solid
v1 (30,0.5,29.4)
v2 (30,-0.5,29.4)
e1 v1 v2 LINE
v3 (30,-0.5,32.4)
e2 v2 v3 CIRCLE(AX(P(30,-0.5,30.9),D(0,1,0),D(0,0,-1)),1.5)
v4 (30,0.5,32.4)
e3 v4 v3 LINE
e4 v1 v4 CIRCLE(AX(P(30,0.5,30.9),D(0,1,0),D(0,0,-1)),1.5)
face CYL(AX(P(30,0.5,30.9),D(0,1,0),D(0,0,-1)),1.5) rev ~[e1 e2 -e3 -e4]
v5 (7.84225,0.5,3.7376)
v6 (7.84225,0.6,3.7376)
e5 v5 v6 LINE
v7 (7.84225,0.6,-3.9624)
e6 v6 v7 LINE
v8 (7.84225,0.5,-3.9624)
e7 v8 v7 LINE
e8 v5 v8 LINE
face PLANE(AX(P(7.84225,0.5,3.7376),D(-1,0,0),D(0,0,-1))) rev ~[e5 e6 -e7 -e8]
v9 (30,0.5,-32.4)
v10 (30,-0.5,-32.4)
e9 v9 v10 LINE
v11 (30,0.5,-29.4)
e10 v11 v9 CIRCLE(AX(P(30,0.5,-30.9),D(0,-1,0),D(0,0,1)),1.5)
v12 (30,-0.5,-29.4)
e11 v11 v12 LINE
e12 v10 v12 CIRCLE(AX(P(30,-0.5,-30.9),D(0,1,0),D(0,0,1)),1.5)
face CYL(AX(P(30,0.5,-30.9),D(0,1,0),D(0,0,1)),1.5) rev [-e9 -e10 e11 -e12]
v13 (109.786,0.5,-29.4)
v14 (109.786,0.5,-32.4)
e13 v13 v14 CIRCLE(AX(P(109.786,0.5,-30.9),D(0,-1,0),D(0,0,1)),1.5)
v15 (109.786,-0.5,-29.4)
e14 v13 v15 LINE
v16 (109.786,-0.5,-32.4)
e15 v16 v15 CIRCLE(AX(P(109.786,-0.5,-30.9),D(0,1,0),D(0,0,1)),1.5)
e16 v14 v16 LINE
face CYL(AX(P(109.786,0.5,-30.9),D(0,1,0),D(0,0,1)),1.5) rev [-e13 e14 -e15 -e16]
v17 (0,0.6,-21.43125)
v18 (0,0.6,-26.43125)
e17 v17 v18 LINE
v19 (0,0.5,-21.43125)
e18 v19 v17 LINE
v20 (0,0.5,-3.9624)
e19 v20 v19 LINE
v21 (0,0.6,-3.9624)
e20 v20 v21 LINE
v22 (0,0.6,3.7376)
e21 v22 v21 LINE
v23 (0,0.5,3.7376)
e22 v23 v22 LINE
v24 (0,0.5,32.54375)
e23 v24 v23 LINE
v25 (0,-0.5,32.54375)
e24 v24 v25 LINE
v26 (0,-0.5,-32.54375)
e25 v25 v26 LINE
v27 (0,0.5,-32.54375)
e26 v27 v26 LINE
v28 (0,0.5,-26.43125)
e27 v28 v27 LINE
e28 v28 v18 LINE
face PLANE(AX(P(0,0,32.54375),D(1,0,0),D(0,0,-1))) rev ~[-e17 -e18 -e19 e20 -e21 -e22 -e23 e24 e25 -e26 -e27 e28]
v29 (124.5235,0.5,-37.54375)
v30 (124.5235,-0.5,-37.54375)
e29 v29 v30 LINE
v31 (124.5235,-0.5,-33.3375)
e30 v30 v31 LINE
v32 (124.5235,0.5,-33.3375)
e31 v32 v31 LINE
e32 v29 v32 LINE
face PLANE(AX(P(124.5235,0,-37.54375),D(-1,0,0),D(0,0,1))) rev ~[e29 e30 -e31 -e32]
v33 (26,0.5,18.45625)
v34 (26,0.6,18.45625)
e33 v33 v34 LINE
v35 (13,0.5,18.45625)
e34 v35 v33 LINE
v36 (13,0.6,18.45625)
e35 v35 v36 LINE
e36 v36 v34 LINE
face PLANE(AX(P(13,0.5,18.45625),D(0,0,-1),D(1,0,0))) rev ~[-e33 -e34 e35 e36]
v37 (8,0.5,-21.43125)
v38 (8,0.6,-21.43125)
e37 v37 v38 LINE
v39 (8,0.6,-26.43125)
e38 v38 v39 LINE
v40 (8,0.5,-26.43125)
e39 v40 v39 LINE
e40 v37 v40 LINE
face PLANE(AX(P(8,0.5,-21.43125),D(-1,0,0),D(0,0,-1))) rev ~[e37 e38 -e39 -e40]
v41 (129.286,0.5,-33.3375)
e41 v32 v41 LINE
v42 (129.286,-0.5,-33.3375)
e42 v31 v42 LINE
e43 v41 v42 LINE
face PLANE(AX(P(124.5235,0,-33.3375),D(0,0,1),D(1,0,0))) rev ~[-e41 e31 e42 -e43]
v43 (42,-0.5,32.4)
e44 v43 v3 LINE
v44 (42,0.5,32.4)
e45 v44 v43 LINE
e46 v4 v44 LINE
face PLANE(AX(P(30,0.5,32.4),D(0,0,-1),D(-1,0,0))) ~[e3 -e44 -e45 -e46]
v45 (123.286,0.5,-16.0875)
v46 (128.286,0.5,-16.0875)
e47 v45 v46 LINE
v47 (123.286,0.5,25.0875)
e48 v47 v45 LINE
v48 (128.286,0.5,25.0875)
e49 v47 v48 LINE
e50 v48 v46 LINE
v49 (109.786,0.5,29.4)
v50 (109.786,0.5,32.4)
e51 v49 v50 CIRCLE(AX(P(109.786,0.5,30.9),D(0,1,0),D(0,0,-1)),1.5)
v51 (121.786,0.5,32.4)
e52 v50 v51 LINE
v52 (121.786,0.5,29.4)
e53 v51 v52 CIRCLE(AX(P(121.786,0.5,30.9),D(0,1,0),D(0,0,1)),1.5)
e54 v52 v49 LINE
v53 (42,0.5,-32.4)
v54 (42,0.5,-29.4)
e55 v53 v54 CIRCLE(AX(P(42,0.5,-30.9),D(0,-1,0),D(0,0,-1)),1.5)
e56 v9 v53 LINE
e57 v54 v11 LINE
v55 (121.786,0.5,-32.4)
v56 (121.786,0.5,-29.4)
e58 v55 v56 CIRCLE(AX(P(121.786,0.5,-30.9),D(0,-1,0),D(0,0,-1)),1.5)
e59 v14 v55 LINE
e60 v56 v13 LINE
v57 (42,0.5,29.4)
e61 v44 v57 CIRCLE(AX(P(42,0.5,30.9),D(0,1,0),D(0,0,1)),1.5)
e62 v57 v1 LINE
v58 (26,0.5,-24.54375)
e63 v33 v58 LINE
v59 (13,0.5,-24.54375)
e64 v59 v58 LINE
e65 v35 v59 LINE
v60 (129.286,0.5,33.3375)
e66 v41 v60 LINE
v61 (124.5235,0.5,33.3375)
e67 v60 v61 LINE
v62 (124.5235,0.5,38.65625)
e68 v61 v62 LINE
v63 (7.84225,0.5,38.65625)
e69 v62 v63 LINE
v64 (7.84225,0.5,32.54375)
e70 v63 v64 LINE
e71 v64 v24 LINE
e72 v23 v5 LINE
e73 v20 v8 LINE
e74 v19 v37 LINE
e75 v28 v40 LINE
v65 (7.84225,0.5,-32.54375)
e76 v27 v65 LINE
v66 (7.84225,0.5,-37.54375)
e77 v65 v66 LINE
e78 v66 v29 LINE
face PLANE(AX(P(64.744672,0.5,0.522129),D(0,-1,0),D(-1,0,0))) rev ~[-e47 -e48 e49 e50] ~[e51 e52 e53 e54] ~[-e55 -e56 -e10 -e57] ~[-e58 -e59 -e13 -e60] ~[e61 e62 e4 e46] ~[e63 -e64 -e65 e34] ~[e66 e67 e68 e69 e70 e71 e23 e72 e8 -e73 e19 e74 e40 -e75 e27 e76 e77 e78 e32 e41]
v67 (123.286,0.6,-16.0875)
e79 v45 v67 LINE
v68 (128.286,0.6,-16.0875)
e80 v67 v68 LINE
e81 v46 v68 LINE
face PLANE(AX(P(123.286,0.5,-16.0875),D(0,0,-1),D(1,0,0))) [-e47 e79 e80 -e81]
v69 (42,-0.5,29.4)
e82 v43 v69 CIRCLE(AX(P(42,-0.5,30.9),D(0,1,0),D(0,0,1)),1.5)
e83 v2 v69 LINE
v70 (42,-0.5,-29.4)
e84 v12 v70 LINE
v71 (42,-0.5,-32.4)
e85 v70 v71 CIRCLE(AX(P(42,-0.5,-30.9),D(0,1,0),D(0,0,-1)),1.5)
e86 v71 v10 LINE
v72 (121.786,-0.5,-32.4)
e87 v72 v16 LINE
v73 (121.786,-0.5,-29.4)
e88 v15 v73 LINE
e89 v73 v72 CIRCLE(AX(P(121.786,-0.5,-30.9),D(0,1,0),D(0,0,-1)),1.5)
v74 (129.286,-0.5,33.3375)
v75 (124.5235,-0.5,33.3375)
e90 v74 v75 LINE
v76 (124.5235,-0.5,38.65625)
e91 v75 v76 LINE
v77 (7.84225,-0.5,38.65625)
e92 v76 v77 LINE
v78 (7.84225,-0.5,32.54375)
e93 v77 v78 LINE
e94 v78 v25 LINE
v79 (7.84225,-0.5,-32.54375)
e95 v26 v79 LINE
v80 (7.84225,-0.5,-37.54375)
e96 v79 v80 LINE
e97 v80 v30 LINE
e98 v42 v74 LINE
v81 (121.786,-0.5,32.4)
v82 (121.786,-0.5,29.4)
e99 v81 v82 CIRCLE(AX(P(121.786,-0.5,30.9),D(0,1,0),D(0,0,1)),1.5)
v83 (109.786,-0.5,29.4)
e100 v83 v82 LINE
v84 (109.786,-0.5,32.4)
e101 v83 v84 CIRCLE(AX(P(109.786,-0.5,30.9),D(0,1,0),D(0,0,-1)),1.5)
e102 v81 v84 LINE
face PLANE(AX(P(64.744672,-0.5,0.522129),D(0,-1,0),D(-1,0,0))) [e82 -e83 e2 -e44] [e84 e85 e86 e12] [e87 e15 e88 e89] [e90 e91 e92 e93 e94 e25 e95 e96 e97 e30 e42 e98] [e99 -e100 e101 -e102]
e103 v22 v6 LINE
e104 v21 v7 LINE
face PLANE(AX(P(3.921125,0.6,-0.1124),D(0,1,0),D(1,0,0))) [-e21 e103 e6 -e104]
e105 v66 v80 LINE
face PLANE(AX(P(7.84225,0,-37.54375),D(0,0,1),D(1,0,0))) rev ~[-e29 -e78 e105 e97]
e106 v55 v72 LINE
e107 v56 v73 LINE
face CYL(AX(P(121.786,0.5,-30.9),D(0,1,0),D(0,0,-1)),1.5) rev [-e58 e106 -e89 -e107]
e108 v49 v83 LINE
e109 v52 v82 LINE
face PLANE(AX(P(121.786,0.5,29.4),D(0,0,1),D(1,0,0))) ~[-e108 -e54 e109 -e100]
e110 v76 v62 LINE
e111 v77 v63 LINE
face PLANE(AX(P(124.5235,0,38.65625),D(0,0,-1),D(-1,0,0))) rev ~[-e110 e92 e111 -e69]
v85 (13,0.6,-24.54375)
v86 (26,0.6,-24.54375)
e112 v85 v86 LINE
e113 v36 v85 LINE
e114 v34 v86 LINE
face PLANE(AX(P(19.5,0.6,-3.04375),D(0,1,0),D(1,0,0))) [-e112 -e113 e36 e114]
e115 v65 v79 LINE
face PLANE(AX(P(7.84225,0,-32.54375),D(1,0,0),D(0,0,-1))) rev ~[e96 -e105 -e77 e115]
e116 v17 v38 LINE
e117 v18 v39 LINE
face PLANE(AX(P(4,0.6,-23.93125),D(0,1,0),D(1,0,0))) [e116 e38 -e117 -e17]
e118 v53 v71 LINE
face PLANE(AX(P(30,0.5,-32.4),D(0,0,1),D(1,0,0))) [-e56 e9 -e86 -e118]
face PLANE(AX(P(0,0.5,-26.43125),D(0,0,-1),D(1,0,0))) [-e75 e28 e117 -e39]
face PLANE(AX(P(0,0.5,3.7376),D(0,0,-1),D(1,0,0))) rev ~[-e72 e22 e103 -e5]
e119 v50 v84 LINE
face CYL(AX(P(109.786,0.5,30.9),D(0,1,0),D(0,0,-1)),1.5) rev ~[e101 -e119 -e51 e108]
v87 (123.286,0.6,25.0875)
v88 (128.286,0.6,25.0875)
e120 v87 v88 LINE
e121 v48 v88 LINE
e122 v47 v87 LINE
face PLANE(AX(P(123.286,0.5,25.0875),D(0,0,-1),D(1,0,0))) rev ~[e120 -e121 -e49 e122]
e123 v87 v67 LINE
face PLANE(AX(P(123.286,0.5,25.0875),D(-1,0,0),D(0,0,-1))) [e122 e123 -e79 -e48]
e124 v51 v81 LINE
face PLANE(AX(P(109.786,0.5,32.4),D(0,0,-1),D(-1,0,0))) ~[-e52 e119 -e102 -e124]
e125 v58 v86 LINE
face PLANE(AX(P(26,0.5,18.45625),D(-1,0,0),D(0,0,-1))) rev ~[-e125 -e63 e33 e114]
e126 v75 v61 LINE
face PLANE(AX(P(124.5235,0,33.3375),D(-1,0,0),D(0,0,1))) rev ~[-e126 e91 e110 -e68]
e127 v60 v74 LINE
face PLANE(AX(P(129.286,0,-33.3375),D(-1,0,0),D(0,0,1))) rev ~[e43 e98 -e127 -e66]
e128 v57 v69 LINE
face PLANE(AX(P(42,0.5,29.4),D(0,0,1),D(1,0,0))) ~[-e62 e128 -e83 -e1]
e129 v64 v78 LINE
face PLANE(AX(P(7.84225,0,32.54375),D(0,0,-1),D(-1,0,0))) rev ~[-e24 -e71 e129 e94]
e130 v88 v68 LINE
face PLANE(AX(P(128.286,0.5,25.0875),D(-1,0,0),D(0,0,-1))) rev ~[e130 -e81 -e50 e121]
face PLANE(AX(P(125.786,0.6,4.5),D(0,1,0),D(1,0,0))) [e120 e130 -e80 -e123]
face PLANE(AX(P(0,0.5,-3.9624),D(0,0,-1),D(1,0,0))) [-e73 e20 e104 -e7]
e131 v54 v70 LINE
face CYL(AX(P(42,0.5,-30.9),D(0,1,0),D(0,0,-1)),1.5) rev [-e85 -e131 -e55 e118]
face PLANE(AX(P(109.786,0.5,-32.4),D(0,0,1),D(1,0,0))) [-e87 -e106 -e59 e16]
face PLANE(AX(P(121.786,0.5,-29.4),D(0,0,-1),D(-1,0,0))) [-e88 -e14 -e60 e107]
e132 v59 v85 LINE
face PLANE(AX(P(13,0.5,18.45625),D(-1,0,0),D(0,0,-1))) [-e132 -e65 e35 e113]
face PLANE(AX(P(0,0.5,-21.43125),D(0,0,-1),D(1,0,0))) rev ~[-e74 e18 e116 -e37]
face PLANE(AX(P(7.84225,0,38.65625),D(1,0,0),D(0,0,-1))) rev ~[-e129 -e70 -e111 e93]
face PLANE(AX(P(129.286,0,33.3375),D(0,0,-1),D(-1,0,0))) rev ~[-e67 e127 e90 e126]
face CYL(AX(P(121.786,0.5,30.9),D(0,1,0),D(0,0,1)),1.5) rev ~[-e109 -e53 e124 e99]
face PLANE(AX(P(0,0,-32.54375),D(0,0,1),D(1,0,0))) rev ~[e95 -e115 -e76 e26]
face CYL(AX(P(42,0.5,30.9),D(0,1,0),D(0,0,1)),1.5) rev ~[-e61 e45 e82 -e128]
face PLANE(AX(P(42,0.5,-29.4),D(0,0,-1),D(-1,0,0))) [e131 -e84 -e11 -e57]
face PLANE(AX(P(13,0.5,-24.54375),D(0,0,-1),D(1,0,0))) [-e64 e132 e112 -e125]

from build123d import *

# Parameters (mm, degrees)
EXTRUIR1_DEPTH = 0.5
EXTRUIR2_DEPTH = 135.945083127
CROQUIS3_W     = 7.84225
CROQUIS3_H     = 7.7
CROQUIS3_W_2   = 13
CROQUIS3_H_2   = 43
CROQUIS3_W_3   = 8
CROQUIS3_H_3   = 5
CROQUIS3_W_4   = 5
CROQUIS3_H_4   = 41.175
EXTRUIR3_DEPTH = 0.1


with BuildPart() as part:
    # Croquis1 → Extruir1 (new, symmetric)
    with BuildSketch(Plane(origin=(0, 0, 0), x_dir=(1, 0, 0), z_dir=(0, 1, 0))):
        Polygon((7.84225, -38.65625), (7.84225, -32.54375), (0, -32.54375), (0, 32.54375), (7.84225, 32.54375), (7.84225, 37.54375), (124.5235, 37.54375), (124.5235, 33.3375), (129.286, 33.3375), (129.286, -33.3375), (124.5235, -33.3375), (124.5235, -38.65625), align=None)
    extrude(amount=EXTRUIR1_DEPTH, both=True)

    # Croquis2 → Extruir2 (cut, through all)
    with BuildSketch(Plane(origin=(0, 0.5, 0), x_dir=(1, 0, 0), z_dir=(0, 1, 0))):
        with BuildLine():
            Line((30, 32.4), (42, 32.4))
            ThreePointArc((42, 32.4), (43.5, 30.9), (42, 29.4))
            Line((42, 29.4), (30, 29.4))
            ThreePointArc((30, 29.4), (28.5, 30.9), (30, 32.4))
        make_face()
        with BuildLine():
            Line((109.786, 32.4), (121.786, 32.4))
            ThreePointArc((121.786, 32.4), (123.286, 30.9), (121.786, 29.4))
            Line((121.786, 29.4), (109.786, 29.4))
            ThreePointArc((109.786, 29.4), (108.286, 30.9), (109.786, 32.4))
        make_face()
    extruir2 = extrude(amount=-EXTRUIR2_DEPTH, mode=Mode.SUBTRACT)

    # Simetría1: Extruir2 across plane
    add(extruir2.mirror(Plane.XY), mode=Mode.SUBTRACT)

    # Croquis3 → Extruir3 (add)
    with BuildSketch(Plane(origin=(0, 0.5, 0), x_dir=(1, 0, 0), z_dir=(0, 1, 0))):
        with Locations((3.921125, 0.1124)):
            Rectangle(CROQUIS3_W, CROQUIS3_H)
        with Locations((19.5, 3.04375)):
            Rectangle(CROQUIS3_W_2, CROQUIS3_H_2)
        with Locations((4, 23.93125)):
            Rectangle(CROQUIS3_W_3, CROQUIS3_H_3)
        with Locations((125.786, -4.5)):
            Rectangle(CROQUIS3_W_4, CROQUIS3_H_4)
    extrude(amount=EXTRUIR3_DEPTH)


solid = part.part
